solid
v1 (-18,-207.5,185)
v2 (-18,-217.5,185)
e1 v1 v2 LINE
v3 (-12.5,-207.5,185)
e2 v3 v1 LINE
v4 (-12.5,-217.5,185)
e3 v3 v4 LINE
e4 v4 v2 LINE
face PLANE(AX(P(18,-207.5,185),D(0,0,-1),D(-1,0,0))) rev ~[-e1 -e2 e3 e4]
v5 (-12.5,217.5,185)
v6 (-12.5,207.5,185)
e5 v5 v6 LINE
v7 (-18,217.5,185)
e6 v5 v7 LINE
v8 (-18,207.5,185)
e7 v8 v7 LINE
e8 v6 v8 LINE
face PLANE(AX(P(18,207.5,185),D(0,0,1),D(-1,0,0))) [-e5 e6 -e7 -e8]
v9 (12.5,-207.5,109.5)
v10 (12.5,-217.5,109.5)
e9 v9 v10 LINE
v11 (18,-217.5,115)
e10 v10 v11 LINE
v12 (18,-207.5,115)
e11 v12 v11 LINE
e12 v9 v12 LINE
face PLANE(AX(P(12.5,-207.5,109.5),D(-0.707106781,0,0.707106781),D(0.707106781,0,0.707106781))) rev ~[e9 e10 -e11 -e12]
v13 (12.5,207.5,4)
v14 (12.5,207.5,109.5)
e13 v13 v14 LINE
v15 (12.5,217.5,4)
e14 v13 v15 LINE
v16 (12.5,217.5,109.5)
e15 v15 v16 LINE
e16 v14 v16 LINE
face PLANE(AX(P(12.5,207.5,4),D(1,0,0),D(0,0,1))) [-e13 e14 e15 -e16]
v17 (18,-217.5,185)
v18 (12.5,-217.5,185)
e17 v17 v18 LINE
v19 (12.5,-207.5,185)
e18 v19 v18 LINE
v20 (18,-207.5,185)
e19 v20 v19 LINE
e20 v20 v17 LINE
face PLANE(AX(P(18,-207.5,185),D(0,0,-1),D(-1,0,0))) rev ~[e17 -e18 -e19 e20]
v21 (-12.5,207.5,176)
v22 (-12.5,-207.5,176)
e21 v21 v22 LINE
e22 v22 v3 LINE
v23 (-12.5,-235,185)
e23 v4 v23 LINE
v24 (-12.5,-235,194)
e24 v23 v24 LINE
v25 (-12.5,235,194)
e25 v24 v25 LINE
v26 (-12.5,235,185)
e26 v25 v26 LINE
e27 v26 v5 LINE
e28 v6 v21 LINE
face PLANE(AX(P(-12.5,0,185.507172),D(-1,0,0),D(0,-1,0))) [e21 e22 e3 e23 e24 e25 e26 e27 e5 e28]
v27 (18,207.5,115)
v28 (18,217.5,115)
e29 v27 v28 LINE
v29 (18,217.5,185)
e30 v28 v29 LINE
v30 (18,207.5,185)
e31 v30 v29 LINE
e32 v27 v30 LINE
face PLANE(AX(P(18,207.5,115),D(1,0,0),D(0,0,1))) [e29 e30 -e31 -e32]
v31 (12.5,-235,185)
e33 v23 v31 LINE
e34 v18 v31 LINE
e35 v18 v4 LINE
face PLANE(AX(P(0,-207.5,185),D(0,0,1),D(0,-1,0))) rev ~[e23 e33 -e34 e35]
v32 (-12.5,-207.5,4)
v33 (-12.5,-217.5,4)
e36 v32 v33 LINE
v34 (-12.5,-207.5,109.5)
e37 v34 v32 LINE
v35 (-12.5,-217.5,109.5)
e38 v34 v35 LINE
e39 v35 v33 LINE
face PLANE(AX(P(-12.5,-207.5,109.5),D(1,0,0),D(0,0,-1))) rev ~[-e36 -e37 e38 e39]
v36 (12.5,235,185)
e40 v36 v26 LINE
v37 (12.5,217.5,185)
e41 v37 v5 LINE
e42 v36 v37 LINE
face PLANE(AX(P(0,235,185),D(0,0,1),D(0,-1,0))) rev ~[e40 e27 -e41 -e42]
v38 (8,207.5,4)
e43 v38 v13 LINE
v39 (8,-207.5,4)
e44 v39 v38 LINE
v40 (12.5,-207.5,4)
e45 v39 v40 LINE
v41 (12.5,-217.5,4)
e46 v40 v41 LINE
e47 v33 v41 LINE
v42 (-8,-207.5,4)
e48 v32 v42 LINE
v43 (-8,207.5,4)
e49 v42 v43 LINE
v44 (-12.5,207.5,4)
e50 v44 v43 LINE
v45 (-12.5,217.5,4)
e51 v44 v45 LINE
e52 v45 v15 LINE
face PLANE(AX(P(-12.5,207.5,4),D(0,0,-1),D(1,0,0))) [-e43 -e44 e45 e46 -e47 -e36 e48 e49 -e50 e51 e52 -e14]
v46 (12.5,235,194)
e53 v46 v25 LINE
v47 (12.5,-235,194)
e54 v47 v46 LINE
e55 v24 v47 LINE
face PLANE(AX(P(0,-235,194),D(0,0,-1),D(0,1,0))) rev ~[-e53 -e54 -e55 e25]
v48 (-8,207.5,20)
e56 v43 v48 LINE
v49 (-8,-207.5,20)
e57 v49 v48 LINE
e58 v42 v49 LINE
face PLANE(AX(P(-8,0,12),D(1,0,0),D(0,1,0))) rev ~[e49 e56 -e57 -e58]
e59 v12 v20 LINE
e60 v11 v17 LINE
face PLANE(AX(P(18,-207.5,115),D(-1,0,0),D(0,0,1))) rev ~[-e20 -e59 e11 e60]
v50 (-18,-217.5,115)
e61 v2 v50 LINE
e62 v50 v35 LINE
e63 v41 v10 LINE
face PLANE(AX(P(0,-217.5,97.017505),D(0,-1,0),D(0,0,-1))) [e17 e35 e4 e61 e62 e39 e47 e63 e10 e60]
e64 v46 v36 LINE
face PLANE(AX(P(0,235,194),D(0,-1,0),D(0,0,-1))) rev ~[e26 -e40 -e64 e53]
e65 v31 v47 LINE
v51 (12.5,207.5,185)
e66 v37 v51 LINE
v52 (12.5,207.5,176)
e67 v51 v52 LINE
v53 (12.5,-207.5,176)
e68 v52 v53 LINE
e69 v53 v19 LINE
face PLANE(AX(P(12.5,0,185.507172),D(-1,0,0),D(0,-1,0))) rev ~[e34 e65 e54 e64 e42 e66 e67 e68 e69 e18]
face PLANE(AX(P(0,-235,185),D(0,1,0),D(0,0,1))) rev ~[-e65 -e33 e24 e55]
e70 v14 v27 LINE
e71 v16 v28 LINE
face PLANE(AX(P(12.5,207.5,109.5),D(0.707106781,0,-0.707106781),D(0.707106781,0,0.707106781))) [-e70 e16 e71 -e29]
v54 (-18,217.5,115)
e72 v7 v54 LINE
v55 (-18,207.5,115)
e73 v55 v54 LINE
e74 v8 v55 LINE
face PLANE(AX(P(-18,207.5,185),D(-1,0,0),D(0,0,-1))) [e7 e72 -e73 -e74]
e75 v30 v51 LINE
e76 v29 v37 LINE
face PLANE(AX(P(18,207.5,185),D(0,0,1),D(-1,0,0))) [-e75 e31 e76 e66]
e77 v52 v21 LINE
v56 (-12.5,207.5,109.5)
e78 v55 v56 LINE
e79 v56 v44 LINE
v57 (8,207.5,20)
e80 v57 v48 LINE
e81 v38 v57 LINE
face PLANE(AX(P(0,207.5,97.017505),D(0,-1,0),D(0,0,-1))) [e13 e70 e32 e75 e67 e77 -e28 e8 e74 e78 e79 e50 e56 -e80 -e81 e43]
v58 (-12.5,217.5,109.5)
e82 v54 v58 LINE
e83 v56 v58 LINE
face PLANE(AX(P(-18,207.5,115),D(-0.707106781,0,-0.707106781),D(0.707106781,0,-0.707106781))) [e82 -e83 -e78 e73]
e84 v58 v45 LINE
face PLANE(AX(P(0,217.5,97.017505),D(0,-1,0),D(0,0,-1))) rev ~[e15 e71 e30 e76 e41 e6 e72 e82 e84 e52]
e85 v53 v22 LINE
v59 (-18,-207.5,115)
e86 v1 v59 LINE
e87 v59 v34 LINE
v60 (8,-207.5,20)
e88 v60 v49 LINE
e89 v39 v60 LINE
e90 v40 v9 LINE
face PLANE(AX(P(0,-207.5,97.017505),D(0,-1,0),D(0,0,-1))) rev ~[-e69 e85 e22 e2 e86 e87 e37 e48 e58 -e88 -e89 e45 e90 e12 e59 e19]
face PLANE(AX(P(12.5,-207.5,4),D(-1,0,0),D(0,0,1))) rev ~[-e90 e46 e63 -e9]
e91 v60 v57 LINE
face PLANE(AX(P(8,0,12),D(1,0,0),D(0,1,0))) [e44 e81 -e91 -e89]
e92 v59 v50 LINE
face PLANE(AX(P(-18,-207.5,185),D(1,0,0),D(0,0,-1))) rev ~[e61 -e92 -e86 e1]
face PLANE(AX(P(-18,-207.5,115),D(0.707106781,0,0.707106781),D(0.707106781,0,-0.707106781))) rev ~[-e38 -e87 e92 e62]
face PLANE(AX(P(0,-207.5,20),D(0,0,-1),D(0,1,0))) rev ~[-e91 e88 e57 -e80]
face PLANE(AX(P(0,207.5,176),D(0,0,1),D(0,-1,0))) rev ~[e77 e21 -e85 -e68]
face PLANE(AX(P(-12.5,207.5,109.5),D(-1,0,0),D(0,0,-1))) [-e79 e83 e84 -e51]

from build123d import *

# Parameters (mm, degrees)
PAD005_DEPTH = 12.5
PAD006_DEPTH = 10
PAD007_DEPTH = 10
SKETCH012_W  = 415
SKETCH012_H  = 16
PAD008_DEPTH = 8


with BuildPart() as part:
    # Sketch008 → Pad005 (new body, symmetric)
    with BuildSketch(Plane.YZ):
        Polygon((-235, 194), (235, 194), (235, 185), (207.5, 185), (207.5, 176), (-207.5, 176), (-207.5, 185), (-235, 185), align=None)
    extrude(amount=PAD005_DEPTH, both=True)

    # Sketch010 (on Face6 of Pad005) → Pad006 (join)
    with BuildSketch(Plane(origin=(0, -207.5, 0), x_dir=(0, 0, -1), z_dir=(0, -1, 0))):
        Polygon((-185, 18), (-185, -18), (-115, -18), (-109.5, -12.5), (-4, -12.5), (-4, 12.5), (-109.5, 12.5), (-115, 18), align=None)
    extrude(amount=PAD006_DEPTH)

    # Sketch011 (on Face8 of Pad006) → Pad007 (join)
    with BuildSketch(Plane.ZX.offset(207.5)):
        Polygon((4, 12.5), (109.5, 12.5), (115, 18), (185, 18), (185, -18), (115, -18), (109.5, -12.5), (4, -12.5), align=None)
    extrude(amount=PAD007_DEPTH)

    # Sketch012 → Pad008 (join, symmetric)
    with BuildSketch(Plane.YZ):
        with Locations((0, 12)):
            Rectangle(SKETCH012_W, SKETCH012_H)
    extrude(amount=PAD008_DEPTH, both=True)


solid = part.part
